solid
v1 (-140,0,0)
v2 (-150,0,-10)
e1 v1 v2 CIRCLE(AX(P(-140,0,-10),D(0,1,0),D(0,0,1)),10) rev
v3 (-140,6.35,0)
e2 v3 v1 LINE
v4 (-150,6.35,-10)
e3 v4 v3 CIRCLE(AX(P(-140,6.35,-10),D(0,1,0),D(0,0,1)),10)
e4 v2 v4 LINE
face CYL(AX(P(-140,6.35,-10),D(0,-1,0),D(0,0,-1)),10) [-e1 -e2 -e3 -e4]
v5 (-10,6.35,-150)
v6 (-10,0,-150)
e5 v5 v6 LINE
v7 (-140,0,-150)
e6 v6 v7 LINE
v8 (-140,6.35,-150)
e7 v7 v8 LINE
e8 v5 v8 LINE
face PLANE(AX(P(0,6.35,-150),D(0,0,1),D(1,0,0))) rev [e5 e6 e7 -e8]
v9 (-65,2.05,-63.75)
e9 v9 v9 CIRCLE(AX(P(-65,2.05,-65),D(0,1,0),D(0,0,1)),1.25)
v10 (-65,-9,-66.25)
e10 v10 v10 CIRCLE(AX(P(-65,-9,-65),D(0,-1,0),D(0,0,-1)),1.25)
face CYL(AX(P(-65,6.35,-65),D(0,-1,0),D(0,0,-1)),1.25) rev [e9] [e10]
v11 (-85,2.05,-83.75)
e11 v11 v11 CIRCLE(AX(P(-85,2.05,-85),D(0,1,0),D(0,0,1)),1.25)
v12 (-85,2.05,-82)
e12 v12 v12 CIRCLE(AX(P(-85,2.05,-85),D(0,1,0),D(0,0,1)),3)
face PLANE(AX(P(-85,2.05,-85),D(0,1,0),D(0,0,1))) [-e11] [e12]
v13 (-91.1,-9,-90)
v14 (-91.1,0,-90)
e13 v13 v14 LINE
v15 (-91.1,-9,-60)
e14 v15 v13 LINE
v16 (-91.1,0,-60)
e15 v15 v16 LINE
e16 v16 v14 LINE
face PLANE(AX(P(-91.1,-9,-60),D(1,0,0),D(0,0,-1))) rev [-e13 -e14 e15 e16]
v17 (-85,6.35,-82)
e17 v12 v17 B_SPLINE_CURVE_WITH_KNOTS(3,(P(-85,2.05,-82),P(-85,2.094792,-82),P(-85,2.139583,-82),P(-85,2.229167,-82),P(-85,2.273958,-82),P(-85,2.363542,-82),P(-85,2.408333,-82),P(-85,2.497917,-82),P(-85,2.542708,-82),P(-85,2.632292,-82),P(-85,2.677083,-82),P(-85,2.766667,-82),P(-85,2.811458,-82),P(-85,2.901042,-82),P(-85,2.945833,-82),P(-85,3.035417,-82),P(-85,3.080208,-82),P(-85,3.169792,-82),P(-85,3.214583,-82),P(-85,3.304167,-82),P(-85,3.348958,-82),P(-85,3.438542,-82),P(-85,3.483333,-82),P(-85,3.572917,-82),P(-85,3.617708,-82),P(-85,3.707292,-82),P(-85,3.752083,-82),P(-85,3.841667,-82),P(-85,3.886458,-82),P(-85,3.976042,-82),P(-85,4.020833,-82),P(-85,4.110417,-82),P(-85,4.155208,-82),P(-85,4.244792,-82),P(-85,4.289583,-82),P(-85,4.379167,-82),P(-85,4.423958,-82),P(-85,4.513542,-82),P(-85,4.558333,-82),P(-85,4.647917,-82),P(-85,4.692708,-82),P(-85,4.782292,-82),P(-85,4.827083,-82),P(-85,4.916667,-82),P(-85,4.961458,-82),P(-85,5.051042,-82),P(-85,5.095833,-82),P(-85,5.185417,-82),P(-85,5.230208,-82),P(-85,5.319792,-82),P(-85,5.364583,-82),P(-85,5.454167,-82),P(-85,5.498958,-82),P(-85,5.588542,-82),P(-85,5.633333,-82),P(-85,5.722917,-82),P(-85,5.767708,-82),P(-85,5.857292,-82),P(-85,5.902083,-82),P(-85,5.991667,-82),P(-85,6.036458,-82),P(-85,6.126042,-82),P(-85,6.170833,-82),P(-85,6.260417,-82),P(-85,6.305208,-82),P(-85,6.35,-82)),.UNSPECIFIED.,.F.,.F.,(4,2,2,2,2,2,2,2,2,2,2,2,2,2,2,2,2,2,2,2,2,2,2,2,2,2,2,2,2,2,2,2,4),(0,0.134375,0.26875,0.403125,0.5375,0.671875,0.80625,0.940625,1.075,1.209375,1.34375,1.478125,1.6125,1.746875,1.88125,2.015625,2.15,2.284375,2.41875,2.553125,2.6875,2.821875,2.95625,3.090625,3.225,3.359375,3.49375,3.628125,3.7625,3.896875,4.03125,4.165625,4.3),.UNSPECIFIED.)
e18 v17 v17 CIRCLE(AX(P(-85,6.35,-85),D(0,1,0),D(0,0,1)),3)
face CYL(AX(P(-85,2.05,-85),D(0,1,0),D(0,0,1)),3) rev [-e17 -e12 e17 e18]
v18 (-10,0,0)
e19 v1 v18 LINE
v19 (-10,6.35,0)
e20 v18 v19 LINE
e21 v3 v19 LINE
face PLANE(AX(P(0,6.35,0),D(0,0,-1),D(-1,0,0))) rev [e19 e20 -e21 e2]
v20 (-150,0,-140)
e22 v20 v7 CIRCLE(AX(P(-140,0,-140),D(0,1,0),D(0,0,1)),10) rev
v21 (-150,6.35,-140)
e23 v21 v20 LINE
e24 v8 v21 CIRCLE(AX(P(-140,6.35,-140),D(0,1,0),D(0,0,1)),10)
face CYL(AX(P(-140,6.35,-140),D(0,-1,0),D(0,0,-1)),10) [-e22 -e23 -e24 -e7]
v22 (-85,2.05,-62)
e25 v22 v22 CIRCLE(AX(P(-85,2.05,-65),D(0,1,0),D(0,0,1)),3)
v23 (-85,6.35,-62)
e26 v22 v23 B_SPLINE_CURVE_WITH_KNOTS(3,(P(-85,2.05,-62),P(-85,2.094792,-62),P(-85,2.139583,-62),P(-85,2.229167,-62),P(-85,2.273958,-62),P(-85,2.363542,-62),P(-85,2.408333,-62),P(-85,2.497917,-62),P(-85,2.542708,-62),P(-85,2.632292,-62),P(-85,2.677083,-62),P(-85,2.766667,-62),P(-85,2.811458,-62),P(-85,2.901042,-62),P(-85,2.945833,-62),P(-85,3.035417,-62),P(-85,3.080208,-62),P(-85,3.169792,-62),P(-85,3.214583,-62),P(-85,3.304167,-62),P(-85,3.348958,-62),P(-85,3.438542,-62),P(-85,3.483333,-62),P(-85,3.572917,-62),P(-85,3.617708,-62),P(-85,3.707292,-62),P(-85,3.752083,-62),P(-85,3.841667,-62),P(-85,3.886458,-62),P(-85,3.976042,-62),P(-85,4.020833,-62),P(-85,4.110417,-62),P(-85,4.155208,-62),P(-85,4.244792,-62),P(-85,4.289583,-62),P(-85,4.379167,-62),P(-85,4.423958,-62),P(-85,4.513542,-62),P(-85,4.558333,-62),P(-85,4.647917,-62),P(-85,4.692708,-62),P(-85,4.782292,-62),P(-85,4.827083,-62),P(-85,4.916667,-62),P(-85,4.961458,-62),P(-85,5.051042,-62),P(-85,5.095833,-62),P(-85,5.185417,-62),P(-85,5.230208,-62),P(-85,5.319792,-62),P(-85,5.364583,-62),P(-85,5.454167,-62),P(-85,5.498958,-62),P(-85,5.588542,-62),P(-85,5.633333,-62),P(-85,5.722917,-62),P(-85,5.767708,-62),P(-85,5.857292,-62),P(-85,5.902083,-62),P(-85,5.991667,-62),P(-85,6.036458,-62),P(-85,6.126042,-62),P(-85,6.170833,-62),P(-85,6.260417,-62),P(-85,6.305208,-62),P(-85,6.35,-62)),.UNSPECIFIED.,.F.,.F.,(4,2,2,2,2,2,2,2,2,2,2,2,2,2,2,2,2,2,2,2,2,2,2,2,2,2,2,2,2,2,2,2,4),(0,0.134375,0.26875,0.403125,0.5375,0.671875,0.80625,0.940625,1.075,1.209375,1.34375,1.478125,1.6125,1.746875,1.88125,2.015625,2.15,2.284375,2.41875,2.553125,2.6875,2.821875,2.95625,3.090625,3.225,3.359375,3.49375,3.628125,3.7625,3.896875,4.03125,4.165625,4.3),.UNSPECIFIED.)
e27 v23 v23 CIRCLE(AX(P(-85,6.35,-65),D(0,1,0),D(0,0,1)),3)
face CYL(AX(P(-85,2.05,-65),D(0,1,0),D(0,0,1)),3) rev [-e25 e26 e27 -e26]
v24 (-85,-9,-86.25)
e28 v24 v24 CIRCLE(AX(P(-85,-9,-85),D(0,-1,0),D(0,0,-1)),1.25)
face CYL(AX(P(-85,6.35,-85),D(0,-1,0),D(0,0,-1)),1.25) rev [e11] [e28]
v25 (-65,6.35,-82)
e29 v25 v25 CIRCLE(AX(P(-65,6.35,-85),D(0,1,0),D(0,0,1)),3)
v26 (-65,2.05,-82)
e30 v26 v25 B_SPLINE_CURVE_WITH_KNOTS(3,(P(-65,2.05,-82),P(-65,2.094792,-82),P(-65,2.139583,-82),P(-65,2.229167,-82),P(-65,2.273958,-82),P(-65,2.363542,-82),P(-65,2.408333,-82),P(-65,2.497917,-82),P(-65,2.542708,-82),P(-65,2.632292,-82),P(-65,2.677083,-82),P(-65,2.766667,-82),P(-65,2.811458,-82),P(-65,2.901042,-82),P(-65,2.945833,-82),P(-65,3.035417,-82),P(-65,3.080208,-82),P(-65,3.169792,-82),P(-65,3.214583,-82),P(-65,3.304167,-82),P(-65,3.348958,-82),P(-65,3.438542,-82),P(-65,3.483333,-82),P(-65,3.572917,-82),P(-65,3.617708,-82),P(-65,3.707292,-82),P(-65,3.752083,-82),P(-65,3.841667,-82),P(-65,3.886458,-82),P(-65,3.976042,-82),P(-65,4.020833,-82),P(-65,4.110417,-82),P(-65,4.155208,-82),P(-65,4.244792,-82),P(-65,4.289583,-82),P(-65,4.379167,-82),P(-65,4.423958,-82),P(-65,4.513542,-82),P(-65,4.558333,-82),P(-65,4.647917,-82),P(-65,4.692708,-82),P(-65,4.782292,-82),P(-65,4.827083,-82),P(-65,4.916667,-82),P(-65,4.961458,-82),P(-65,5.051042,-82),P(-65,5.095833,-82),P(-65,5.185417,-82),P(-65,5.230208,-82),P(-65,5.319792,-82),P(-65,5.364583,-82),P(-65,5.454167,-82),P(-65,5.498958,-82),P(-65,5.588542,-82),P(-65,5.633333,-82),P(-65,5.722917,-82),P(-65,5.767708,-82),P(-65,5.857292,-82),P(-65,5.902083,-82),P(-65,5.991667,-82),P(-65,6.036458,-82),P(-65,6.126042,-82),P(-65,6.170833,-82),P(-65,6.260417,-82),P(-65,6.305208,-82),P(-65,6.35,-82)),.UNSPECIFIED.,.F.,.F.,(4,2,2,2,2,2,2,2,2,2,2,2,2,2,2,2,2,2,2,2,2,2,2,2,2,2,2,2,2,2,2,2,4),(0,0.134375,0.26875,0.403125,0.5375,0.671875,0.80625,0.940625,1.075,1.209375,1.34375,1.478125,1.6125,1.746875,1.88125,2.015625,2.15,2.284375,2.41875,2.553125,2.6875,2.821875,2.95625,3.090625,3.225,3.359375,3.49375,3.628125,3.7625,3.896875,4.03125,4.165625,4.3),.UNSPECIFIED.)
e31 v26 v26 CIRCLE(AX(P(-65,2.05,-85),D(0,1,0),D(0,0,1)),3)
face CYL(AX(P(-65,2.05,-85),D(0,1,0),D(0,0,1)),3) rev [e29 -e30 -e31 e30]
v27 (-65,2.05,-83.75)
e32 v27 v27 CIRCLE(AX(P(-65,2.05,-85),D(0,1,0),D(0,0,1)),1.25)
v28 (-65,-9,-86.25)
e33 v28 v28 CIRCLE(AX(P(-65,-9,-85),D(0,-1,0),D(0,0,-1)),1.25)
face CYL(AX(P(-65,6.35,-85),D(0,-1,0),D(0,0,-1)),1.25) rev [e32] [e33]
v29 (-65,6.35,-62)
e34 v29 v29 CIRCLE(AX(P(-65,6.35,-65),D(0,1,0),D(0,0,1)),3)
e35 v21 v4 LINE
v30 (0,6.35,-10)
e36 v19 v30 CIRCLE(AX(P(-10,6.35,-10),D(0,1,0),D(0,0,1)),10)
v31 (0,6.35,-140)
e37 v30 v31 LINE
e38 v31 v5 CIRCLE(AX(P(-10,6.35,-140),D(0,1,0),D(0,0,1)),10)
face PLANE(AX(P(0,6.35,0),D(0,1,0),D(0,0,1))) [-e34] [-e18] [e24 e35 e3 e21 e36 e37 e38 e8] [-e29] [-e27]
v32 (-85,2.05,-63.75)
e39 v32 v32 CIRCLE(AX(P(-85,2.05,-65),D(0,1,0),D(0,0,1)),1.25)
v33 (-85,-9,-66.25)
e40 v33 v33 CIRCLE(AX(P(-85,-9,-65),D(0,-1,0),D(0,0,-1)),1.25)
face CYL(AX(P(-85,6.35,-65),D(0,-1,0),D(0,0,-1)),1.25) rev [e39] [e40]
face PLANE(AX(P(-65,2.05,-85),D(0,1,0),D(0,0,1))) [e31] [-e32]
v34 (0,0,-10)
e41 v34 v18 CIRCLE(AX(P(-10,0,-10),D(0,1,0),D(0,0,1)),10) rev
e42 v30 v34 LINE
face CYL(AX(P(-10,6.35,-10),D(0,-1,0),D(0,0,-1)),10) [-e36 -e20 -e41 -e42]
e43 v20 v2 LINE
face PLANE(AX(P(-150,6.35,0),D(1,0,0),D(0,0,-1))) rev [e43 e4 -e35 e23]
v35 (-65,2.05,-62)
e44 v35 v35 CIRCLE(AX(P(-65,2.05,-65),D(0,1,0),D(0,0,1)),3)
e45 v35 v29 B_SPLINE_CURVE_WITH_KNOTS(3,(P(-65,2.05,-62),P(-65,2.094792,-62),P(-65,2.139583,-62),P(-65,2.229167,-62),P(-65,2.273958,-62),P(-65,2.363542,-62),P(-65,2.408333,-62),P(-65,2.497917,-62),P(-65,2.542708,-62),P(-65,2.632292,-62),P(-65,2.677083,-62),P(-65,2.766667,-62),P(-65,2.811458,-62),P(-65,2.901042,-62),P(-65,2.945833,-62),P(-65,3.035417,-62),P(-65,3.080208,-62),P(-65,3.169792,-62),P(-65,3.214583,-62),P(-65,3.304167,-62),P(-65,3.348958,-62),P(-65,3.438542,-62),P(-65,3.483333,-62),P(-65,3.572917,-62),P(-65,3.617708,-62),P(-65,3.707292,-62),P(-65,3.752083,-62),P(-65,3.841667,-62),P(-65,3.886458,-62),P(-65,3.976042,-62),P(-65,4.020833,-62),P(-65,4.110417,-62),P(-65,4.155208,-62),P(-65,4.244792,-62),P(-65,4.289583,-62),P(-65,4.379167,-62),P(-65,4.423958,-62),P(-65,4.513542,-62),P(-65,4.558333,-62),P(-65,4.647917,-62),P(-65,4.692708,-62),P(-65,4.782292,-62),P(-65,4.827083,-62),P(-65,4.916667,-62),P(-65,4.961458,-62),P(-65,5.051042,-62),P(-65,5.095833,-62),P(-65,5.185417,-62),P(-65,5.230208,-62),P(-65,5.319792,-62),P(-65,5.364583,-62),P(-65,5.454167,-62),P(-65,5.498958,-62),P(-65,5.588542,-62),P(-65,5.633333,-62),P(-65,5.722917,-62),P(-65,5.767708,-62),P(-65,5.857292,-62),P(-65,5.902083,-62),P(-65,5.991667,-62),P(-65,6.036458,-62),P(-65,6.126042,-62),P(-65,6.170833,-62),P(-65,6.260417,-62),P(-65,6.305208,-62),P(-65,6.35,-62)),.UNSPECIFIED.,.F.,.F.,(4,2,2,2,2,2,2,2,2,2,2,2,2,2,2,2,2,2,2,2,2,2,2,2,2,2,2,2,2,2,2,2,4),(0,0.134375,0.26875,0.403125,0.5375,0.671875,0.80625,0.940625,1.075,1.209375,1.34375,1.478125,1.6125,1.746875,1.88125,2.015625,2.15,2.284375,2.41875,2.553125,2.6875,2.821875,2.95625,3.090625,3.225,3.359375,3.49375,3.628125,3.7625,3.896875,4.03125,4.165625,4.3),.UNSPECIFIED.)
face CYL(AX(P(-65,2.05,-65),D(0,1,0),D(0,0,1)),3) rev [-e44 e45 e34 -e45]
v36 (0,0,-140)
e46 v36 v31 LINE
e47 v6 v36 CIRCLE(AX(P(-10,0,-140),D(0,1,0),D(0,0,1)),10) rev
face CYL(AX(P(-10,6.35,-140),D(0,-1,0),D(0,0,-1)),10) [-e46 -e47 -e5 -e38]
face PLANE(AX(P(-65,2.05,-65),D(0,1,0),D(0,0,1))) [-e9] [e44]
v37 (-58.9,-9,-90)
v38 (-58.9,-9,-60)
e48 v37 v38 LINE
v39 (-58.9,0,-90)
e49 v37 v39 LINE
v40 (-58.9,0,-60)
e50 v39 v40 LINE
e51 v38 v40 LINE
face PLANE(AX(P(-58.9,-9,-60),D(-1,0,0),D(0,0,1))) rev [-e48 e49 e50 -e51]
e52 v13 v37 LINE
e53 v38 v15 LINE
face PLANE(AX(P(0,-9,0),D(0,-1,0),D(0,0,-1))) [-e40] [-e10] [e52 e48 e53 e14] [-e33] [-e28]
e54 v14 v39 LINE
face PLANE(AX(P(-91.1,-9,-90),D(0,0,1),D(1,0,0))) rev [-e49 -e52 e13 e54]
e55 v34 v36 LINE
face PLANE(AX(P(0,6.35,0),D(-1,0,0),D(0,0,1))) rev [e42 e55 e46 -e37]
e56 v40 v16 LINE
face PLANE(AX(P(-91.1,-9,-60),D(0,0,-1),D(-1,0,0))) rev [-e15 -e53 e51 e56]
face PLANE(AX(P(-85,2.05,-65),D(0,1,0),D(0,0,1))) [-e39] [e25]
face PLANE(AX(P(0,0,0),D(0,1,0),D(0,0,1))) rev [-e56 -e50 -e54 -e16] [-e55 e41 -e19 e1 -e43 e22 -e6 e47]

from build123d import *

# Parameters (mm, degrees)
SKETCH2_W           = 150
SKETCH2_H           = 150
SKETCH2_R           = 1.25
BOSS_EXTRUDE1_DEPTH = 6.35
FILLET1_R           = 10
SKETCH3_R           = 3
CUT_EXTRUDE1_DEPTH  = 4.3
BOSS_EXTRUDE2_START = 9
SKETCH4_W           = 32.2
SKETCH4_H           = 30
SKETCH4_R           = 1.25
BOSS_EXTRUDE2_DEPTH = 9


with BuildPart() as part:
    # Sketch2 → Boss-Extrude1 (new body)
    with BuildSketch(Plane(origin=(0, 0, 0), x_dir=(1, 0, 0), z_dir=(0, 1, 0))):
        with Locations((-75, 75)):
            Rectangle(SKETCH2_W, SKETCH2_H)
        with Locations(Location((-85, 85, 0), (0, 0, 270))):
            Circle(SKETCH2_R, mode=Mode.SUBTRACT)
        with Locations(Location((-65, 85, 0), (0, 0, 270))):
            Circle(SKETCH2_R, mode=Mode.SUBTRACT)
        with Locations(Location((-85, 65, 0), (0, 0, 270))):
            Circle(SKETCH2_R, mode=Mode.SUBTRACT)
        with Locations(Location((-65, 65, 0), (0, 0, 270))):
            Circle(SKETCH2_R, mode=Mode.SUBTRACT)
    extrude(amount=BOSS_EXTRUDE1_DEPTH)

    # Fillet1
    fillet1_edges = [part.edges().sort_by_distance(p)[0] for p in [
        (0, 3.175, 0),
        (-150, 3.175, 0),
        (-150, 3.175, -150),
        (0, 3.175, -150),
    ]]
    fillet(fillet1_edges, radius=FILLET1_R)

    # Sketch3 → Cut-Extrude1 (cut)
    with BuildSketch(Plane(origin=(0, 6.35, 0), x_dir=(1, 0, 0), z_dir=(0, 1, 0))):
        with Locations(Location((-85, 85, 0), (0, 0, 270))):
            Circle(SKETCH3_R)
        with Locations(Location((-65, 85, 0), (0, 0, 270))):
            Circle(SKETCH3_R)
        with Locations(Location((-85, 65, 0), (0, 0, 270))):
            Circle(SKETCH3_R)
        with Locations(Location((-65, 65, 0), (0, 0, 270))):
            Circle(SKETCH3_R)
    extrude(amount=-CUT_EXTRUDE1_DEPTH, mode=Mode.SUBTRACT)

    # Sketch4 → Boss-Extrude2 (add)
    with BuildSketch(Plane.XZ.offset(BOSS_EXTRUDE2_START)):
        with Locations((-75, -75)):
            Rectangle(SKETCH4_W, SKETCH4_H)
        with Locations(Location((-85, -65, 0), (0, 0, 270))):
            Circle(SKETCH4_R, mode=Mode.SUBTRACT)
        with Locations(Location((-85, -85, 0), (0, 0, 270))):
            Circle(SKETCH4_R, mode=Mode.SUBTRACT)
        with Locations(Location((-65, -85, 0), (0, 0, 270))):
            Circle(SKETCH4_R, mode=Mode.SUBTRACT)
        with Locations(Location((-65, -65, 0), (0, 0, 270))):
            Circle(SKETCH4_R, mode=Mode.SUBTRACT)
    extrude(amount=-BOSS_EXTRUDE2_DEPTH)


solid = part.part
